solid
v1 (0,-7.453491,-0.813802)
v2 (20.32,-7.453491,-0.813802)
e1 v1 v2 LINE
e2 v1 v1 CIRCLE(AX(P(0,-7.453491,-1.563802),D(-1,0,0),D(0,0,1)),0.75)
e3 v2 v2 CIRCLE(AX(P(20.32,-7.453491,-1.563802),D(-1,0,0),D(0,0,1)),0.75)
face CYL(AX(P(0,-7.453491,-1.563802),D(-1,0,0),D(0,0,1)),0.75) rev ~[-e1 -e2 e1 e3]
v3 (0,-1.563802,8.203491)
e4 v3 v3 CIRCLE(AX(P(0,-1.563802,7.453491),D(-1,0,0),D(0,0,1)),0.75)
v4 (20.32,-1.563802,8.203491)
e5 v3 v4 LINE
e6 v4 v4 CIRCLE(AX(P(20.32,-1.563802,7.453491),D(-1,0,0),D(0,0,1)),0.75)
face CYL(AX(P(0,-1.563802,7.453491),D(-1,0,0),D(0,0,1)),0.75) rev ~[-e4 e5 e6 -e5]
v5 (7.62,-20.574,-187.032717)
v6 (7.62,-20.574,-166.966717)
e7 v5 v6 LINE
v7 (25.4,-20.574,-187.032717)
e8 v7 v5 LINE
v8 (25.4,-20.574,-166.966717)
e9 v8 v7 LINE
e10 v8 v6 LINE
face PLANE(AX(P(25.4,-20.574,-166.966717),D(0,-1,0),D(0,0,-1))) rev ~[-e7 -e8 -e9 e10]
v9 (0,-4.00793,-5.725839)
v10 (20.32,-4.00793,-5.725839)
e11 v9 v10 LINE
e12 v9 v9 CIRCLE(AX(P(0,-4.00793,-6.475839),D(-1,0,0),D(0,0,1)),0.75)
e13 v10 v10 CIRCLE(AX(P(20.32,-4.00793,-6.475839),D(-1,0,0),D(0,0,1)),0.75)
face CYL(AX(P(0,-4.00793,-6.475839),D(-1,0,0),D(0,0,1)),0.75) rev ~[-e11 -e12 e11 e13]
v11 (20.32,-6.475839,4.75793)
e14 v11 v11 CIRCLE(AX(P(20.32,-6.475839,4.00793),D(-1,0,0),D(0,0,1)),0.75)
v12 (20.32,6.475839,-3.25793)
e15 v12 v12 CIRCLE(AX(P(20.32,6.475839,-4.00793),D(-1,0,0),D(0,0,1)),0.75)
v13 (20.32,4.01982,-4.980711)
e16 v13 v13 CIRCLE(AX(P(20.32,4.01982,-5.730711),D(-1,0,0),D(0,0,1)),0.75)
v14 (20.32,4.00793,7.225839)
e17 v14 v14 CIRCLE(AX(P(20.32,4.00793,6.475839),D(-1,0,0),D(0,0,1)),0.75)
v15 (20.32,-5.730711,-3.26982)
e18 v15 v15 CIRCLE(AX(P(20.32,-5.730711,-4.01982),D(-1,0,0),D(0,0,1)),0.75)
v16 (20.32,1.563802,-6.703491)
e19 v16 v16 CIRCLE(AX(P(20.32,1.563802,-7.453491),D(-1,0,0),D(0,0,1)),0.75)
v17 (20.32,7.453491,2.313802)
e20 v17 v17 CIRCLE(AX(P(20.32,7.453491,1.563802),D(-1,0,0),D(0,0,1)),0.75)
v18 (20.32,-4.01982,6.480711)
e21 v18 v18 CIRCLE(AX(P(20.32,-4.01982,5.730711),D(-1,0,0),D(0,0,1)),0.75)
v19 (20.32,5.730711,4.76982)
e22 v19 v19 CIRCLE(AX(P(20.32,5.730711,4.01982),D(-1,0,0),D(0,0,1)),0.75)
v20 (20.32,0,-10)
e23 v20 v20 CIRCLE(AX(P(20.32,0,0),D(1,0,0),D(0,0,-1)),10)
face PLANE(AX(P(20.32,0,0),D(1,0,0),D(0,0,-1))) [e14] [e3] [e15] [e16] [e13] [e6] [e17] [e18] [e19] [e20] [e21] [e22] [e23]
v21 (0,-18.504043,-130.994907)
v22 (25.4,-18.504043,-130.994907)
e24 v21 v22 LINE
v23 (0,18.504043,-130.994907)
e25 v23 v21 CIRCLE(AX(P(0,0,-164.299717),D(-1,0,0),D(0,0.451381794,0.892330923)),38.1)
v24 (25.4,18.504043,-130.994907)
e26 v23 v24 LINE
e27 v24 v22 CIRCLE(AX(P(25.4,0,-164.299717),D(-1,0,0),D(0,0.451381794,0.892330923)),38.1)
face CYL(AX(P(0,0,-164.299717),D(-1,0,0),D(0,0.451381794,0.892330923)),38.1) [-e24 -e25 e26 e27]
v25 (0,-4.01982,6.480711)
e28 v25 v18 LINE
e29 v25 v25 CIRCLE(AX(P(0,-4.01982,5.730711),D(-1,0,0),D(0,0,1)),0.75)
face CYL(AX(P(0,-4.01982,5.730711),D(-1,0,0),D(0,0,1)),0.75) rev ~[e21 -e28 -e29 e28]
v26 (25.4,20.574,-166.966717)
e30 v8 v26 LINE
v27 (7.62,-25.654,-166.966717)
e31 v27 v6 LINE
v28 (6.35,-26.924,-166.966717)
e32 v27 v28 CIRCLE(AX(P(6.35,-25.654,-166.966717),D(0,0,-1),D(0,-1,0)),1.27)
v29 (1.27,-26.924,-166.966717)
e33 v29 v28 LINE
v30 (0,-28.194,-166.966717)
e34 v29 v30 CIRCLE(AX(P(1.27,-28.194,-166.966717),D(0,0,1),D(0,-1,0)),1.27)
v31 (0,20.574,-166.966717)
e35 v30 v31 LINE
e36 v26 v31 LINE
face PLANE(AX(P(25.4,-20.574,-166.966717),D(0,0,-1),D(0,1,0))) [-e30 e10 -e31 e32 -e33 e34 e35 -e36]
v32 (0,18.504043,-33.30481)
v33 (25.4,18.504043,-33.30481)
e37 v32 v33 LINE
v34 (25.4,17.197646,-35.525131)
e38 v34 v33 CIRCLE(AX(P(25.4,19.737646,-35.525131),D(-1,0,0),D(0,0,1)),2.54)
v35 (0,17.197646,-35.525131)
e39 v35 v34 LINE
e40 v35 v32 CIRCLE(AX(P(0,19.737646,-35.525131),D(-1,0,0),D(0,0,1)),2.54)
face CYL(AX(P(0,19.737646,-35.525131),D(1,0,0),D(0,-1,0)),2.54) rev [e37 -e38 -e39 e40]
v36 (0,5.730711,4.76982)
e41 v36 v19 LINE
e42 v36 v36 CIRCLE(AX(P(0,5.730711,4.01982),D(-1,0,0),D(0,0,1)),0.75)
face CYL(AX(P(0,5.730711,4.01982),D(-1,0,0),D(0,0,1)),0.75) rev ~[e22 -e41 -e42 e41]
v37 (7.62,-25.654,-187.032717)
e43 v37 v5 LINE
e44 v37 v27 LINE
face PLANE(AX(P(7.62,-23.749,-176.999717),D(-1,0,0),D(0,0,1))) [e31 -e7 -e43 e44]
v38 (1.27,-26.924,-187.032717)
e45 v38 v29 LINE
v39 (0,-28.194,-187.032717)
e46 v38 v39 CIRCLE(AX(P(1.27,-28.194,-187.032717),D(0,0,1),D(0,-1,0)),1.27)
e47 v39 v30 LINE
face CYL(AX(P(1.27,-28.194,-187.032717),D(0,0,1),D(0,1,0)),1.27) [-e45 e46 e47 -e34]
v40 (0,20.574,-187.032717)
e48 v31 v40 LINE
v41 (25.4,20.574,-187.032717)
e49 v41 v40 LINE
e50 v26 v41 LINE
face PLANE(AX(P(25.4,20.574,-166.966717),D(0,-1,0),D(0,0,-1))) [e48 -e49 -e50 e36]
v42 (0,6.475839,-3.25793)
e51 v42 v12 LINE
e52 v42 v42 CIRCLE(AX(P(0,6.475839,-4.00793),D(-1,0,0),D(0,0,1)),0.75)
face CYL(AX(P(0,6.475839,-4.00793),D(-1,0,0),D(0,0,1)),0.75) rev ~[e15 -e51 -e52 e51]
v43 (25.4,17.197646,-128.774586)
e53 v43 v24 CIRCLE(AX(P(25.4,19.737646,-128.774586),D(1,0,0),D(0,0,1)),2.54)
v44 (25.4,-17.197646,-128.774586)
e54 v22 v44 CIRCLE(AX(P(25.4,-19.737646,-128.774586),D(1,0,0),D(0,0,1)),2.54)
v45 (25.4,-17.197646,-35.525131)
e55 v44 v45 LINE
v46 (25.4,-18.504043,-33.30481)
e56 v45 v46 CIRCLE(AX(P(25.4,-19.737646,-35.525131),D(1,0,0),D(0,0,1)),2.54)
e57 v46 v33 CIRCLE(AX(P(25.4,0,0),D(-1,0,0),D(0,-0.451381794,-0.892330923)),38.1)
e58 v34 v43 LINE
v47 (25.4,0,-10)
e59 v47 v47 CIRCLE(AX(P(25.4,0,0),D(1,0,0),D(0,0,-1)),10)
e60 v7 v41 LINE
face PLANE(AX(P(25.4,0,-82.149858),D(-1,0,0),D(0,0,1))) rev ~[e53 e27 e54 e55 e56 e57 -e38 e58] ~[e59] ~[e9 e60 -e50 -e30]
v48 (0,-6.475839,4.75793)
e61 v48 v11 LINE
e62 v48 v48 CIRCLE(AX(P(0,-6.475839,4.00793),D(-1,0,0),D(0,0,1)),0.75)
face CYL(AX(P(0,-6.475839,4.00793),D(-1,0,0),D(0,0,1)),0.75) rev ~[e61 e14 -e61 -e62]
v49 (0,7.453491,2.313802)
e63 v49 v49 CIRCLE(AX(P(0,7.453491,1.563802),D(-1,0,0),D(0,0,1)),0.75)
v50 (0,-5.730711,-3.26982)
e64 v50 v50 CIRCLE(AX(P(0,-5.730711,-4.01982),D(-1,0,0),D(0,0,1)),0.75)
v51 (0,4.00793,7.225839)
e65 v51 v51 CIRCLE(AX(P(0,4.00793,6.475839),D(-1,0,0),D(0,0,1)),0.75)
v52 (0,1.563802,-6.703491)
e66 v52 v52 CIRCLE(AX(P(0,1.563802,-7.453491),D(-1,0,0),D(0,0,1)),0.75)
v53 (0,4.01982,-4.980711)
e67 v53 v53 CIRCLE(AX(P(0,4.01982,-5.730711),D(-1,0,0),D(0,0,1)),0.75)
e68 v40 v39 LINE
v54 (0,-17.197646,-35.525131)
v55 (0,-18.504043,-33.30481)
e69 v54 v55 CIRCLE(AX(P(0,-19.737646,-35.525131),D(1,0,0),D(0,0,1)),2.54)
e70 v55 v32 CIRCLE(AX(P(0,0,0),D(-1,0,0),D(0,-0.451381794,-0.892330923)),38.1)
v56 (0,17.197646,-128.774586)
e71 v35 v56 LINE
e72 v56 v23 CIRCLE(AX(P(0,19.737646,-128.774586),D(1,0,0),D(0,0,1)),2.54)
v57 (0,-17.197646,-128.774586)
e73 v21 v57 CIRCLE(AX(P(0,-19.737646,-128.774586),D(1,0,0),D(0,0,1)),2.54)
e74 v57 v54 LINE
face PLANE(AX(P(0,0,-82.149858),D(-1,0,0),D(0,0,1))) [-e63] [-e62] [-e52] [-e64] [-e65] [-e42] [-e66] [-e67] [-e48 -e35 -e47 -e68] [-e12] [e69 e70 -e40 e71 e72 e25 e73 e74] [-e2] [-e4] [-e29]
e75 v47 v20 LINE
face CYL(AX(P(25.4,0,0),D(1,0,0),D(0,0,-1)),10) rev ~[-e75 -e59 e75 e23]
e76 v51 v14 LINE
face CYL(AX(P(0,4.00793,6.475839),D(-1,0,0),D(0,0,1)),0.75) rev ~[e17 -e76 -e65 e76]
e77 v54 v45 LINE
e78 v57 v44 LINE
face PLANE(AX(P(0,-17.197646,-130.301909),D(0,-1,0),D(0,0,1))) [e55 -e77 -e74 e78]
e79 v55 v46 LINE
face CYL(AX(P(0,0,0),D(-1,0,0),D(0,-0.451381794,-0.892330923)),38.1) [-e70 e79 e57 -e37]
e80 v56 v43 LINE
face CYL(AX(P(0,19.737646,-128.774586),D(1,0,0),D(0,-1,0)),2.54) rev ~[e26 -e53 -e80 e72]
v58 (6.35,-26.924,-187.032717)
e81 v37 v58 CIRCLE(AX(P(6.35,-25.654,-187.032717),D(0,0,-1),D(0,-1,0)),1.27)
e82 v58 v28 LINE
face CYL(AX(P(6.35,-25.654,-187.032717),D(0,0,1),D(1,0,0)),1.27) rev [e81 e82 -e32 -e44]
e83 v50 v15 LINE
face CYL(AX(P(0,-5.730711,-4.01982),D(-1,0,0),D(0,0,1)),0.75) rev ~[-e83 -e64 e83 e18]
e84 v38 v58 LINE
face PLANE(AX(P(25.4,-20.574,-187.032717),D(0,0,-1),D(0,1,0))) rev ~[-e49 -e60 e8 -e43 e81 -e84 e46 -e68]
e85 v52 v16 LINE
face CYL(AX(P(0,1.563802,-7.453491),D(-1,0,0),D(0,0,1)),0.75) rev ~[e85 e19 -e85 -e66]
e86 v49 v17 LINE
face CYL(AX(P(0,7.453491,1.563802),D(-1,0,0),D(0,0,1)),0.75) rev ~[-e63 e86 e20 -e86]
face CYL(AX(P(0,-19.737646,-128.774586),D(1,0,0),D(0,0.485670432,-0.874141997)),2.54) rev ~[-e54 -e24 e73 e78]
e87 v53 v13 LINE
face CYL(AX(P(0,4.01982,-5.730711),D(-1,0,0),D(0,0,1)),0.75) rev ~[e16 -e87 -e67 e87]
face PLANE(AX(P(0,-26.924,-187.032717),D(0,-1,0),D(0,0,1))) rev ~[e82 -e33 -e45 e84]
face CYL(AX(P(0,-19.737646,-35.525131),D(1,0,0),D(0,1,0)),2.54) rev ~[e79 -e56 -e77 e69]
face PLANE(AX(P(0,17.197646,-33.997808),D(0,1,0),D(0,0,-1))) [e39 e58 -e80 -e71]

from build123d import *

# Parameters (mm, degrees)
BOSS_EXTRUDE1_DEPTH = 25.4
FILLET1_R           = 2.54
SKETCH2_R           = 10
CUT_EXTRUDE2_DEPTH  = 5.08
CUT_EXTRUDE3_REACH  = 209.515
SKETCH6_W           = 20.066
SKETCH6_H           = 41.148
SKETCH9_W           = 20.066
SKETCH9_H           = 6.35
CUT_EXTRUDE6_DEPTH  = 7.62
FILLET2_R           = 1.27
CUT_EXTRUDE7_REACH  = 209.515
SKETCH10_R          = 0.75


with BuildPart() as part:
    # Sketch1 → Boss-Extrude1 (new body)
    with BuildSketch(Plane(origin=(0, 0, 0), x_dir=(0, 0, -1), z_dir=(1, 0, 0))):
        with BuildLine():
            Line((33.997808163, 17.197646354), (130.301908565, 17.197646354))
            ThreePointArc((130.301908565, 17.197646354), (202.399716728, 0), (130.301908565, -17.197646354))
            Line((130.301908565, -17.197646354), (33.997808163, -17.197646354))
            ThreePointArc((33.997808163, -17.197646354), (-38.1, 0), (33.997808163, 17.197646354))
        make_face()
    extrude(amount=BOSS_EXTRUDE1_DEPTH)

    # Fillet1
    fillet1_edges = [part.edges().sort_by_distance(p)[0] for p in [
        (12.7, 17.197646354, -33.997808163),
        (12.7, 17.197646354, -130.301908565),
        (12.7, -17.197646354, -130.301908565),
        (12.7, -17.197646354, -33.997808163),
    ]]
    fillet(fillet1_edges, radius=FILLET1_R)

    # Sketch2 → Cut-Extrude2 (cut)
    with BuildSketch(Plane(origin=(25.4, 0, 0), x_dir=(0, 0, -1), z_dir=(1, 0, 0))):
        Circle(SKETCH2_R)
    extrude(amount=-CUT_EXTRUDE2_DEPTH, mode=Mode.SUBTRACT)

    # Sketch6 → Cut-Extrude3 (cut, up to next)
    with BuildSketch(Plane(origin=(25.4, 0, 0), x_dir=(0, 0, -1), z_dir=(1, 0, 0)), mode=Mode.PRIVATE) as cut_extrude3_sk1:
        with Locations((176.999716728, 0)):
            Rectangle(SKETCH6_W, SKETCH6_H)
    cut_extrude3_tool1 = extrude(cut_extrude3_sk1.sketch, amount=-CUT_EXTRUDE3_REACH, mode=Mode.PRIVATE) & part.part
    add(cut_extrude3_tool1.solids().sort_by_distance((25.4, 0, -176.999717))[0], mode=Mode.SUBTRACT)

    # Sketch9 → Cut-Extrude6 (cut)
    with BuildSketch(Plane.ZY):
        with Locations((-176.999716728, -23.749)):
            Rectangle(SKETCH9_W, SKETCH9_H)
    extrude(amount=-CUT_EXTRUDE6_DEPTH, mode=Mode.SUBTRACT)

    # Fillet2
    fillet2_edges = [part.edges().sort_by_distance(p)[0] for p in [
        (7.62, -26.924, -176.999716728),
        (0, -26.924, -176.999716728),
    ]]
    fillet(fillet2_edges, radius=FILLET2_R)

    # Sketch10 → Cut-Extrude7 (cut, up to next)
    with BuildSketch(Plane.ZY, mode=Mode.PRIVATE) as cut_extrude7_sk1:
        with Locations((-4.019820442, -5.730710568)):
            Circle(SKETCH10_R)
    cut_extrude7_tool1 = extrude(cut_extrude7_sk1.sketch, amount=-CUT_EXTRUDE7_REACH, mode=Mode.PRIVATE) & part.part
    # Sketch10 → Cut-Extrude7 (cut, up to next)
    with BuildSketch(Plane.ZY, mode=Mode.PRIVATE) as cut_extrude7_sk2:
        with Locations((-6.475839257, -4.007930379)):
            Circle(SKETCH10_R)
    cut_extrude7_tool2 = extrude(cut_extrude7_sk2.sketch, amount=-CUT_EXTRUDE7_REACH, mode=Mode.PRIVATE) & part.part
    # Sketch10 → Cut-Extrude7 (cut, up to next)
    with BuildSketch(Plane.ZY, mode=Mode.PRIVATE) as cut_extrude7_sk3:
        with Locations((-1.563801627, -7.453490757)):
            Circle(SKETCH10_R)
    cut_extrude7_tool3 = extrude(cut_extrude7_sk3.sketch, amount=-CUT_EXTRUDE7_REACH, mode=Mode.PRIVATE) & part.part
    # Sketch10 → Cut-Extrude7 (cut, up to next)
    with BuildSketch(Plane.ZY, mode=Mode.PRIVATE) as cut_extrude7_sk4:
        with Locations((4.007930379, -6.475839257)):
            Circle(SKETCH10_R)
    cut_extrude7_tool4 = extrude(cut_extrude7_sk4.sketch, amount=-CUT_EXTRUDE7_REACH, mode=Mode.PRIVATE) & part.part
    # Sketch10 → Cut-Extrude7 (cut, up to next)
    with BuildSketch(Plane.ZY, mode=Mode.PRIVATE) as cut_extrude7_sk5:
        with Locations((5.730710568, -4.019820442)):
            Circle(SKETCH10_R)
    cut_extrude7_tool5 = extrude(cut_extrude7_sk5.sketch, amount=-CUT_EXTRUDE7_REACH, mode=Mode.PRIVATE) & part.part
    # Sketch10 → Cut-Extrude7 (cut, up to next)
    with BuildSketch(Plane.ZY, mode=Mode.PRIVATE) as cut_extrude7_sk6:
        with Locations((7.453490757, -1.563801627)):
            Circle(SKETCH10_R)
    cut_extrude7_tool6 = extrude(cut_extrude7_sk6.sketch, amount=-CUT_EXTRUDE7_REACH, mode=Mode.PRIVATE) & part.part
    # Sketch10 → Cut-Extrude7 (cut, up to next)
    with BuildSketch(Plane.ZY, mode=Mode.PRIVATE) as cut_extrude7_sk7:
        with Locations((6.475839257, 4.007930379)):
            Circle(SKETCH10_R)
    cut_extrude7_tool7 = extrude(cut_extrude7_sk7.sketch, amount=-CUT_EXTRUDE7_REACH, mode=Mode.PRIVATE) & part.part
    # Sketch10 → Cut-Extrude7 (cut, up to next)
    with BuildSketch(Plane.ZY, mode=Mode.PRIVATE) as cut_extrude7_sk8:
        with Locations((4.019820442, 5.730710568)):
            Circle(SKETCH10_R)
    cut_extrude7_tool8 = extrude(cut_extrude7_sk8.sketch, amount=-CUT_EXTRUDE7_REACH, mode=Mode.PRIVATE) & part.part
    # Sketch10 → Cut-Extrude7 (cut, up to next)
    with BuildSketch(Plane.ZY, mode=Mode.PRIVATE) as cut_extrude7_sk9:
        with Locations((1.563801627, 7.453490757)):
            Circle(SKETCH10_R)
    cut_extrude7_tool9 = extrude(cut_extrude7_sk9.sketch, amount=-CUT_EXTRUDE7_REACH, mode=Mode.PRIVATE) & part.part
    # Sketch10 → Cut-Extrude7 (cut, up to next)
    with BuildSketch(Plane.ZY, mode=Mode.PRIVATE) as cut_extrude7_sk10:
        with Locations((-4.007930379, 6.475839257)):
            Circle(SKETCH10_R)
    cut_extrude7_tool10 = extrude(cut_extrude7_sk10.sketch, amount=-CUT_EXTRUDE7_REACH, mode=Mode.PRIVATE) & part.part
    # Sketch10 → Cut-Extrude7 (cut, up to next)
    with BuildSketch(Plane.ZY, mode=Mode.PRIVATE) as cut_extrude7_sk11:
        with Locations((-5.730710568, 4.019820442)):
            Circle(SKETCH10_R)
    cut_extrude7_tool11 = extrude(cut_extrude7_sk11.sketch, amount=-CUT_EXTRUDE7_REACH, mode=Mode.PRIVATE) & part.part
    # Sketch10 → Cut-Extrude7 (cut, up to next)
    with BuildSketch(Plane.ZY, mode=Mode.PRIVATE) as cut_extrude7_sk12:
        with Locations((-7.453490757, 1.563801627)):
            Circle(SKETCH10_R)
    cut_extrude7_tool12 = extrude(cut_extrude7_sk12.sketch, amount=-CUT_EXTRUDE7_REACH, mode=Mode.PRIVATE) & part.part
    add(cut_extrude7_tool1.solids().sort_by_distance((0, -5.730711, -4.01982))[0], mode=Mode.SUBTRACT)
    add(cut_extrude7_tool2.solids().sort_by_distance((0, -4.00793, -6.475839))[0], mode=Mode.SUBTRACT)
    add(cut_extrude7_tool3.solids().sort_by_distance((0, -7.453491, -1.563802))[0], mode=Mode.SUBTRACT)
    add(cut_extrude7_tool4.solids().sort_by_distance((0, -6.475839, 4.00793))[0], mode=Mode.SUBTRACT)
    add(cut_extrude7_tool5.solids().sort_by_distance((0, -4.01982, 5.730711))[0], mode=Mode.SUBTRACT)
    add(cut_extrude7_tool6.solids().sort_by_distance((0, -1.563802, 7.453491))[0], mode=Mode.SUBTRACT)
    add(cut_extrude7_tool7.solids().sort_by_distance((0, 4.00793, 6.475839))[0], mode=Mode.SUBTRACT)
    add(cut_extrude7_tool8.solids().sort_by_distance((0, 5.730711, 4.01982))[0], mode=Mode.SUBTRACT)
    add(cut_extrude7_tool9.solids().sort_by_distance((0, 7.453491, 1.563802))[0], mode=Mode.SUBTRACT)
    add(cut_extrude7_tool10.solids().sort_by_distance((0, 6.475839, -4.00793))[0], mode=Mode.SUBTRACT)
    add(cut_extrude7_tool11.solids().sort_by_distance((0, 4.01982, -5.730711))[0], mode=Mode.SUBTRACT)
    add(cut_extrude7_tool12.solids().sort_by_distance((0, 1.563802, -7.453491))[0], mode=Mode.SUBTRACT)


solid = part.part
